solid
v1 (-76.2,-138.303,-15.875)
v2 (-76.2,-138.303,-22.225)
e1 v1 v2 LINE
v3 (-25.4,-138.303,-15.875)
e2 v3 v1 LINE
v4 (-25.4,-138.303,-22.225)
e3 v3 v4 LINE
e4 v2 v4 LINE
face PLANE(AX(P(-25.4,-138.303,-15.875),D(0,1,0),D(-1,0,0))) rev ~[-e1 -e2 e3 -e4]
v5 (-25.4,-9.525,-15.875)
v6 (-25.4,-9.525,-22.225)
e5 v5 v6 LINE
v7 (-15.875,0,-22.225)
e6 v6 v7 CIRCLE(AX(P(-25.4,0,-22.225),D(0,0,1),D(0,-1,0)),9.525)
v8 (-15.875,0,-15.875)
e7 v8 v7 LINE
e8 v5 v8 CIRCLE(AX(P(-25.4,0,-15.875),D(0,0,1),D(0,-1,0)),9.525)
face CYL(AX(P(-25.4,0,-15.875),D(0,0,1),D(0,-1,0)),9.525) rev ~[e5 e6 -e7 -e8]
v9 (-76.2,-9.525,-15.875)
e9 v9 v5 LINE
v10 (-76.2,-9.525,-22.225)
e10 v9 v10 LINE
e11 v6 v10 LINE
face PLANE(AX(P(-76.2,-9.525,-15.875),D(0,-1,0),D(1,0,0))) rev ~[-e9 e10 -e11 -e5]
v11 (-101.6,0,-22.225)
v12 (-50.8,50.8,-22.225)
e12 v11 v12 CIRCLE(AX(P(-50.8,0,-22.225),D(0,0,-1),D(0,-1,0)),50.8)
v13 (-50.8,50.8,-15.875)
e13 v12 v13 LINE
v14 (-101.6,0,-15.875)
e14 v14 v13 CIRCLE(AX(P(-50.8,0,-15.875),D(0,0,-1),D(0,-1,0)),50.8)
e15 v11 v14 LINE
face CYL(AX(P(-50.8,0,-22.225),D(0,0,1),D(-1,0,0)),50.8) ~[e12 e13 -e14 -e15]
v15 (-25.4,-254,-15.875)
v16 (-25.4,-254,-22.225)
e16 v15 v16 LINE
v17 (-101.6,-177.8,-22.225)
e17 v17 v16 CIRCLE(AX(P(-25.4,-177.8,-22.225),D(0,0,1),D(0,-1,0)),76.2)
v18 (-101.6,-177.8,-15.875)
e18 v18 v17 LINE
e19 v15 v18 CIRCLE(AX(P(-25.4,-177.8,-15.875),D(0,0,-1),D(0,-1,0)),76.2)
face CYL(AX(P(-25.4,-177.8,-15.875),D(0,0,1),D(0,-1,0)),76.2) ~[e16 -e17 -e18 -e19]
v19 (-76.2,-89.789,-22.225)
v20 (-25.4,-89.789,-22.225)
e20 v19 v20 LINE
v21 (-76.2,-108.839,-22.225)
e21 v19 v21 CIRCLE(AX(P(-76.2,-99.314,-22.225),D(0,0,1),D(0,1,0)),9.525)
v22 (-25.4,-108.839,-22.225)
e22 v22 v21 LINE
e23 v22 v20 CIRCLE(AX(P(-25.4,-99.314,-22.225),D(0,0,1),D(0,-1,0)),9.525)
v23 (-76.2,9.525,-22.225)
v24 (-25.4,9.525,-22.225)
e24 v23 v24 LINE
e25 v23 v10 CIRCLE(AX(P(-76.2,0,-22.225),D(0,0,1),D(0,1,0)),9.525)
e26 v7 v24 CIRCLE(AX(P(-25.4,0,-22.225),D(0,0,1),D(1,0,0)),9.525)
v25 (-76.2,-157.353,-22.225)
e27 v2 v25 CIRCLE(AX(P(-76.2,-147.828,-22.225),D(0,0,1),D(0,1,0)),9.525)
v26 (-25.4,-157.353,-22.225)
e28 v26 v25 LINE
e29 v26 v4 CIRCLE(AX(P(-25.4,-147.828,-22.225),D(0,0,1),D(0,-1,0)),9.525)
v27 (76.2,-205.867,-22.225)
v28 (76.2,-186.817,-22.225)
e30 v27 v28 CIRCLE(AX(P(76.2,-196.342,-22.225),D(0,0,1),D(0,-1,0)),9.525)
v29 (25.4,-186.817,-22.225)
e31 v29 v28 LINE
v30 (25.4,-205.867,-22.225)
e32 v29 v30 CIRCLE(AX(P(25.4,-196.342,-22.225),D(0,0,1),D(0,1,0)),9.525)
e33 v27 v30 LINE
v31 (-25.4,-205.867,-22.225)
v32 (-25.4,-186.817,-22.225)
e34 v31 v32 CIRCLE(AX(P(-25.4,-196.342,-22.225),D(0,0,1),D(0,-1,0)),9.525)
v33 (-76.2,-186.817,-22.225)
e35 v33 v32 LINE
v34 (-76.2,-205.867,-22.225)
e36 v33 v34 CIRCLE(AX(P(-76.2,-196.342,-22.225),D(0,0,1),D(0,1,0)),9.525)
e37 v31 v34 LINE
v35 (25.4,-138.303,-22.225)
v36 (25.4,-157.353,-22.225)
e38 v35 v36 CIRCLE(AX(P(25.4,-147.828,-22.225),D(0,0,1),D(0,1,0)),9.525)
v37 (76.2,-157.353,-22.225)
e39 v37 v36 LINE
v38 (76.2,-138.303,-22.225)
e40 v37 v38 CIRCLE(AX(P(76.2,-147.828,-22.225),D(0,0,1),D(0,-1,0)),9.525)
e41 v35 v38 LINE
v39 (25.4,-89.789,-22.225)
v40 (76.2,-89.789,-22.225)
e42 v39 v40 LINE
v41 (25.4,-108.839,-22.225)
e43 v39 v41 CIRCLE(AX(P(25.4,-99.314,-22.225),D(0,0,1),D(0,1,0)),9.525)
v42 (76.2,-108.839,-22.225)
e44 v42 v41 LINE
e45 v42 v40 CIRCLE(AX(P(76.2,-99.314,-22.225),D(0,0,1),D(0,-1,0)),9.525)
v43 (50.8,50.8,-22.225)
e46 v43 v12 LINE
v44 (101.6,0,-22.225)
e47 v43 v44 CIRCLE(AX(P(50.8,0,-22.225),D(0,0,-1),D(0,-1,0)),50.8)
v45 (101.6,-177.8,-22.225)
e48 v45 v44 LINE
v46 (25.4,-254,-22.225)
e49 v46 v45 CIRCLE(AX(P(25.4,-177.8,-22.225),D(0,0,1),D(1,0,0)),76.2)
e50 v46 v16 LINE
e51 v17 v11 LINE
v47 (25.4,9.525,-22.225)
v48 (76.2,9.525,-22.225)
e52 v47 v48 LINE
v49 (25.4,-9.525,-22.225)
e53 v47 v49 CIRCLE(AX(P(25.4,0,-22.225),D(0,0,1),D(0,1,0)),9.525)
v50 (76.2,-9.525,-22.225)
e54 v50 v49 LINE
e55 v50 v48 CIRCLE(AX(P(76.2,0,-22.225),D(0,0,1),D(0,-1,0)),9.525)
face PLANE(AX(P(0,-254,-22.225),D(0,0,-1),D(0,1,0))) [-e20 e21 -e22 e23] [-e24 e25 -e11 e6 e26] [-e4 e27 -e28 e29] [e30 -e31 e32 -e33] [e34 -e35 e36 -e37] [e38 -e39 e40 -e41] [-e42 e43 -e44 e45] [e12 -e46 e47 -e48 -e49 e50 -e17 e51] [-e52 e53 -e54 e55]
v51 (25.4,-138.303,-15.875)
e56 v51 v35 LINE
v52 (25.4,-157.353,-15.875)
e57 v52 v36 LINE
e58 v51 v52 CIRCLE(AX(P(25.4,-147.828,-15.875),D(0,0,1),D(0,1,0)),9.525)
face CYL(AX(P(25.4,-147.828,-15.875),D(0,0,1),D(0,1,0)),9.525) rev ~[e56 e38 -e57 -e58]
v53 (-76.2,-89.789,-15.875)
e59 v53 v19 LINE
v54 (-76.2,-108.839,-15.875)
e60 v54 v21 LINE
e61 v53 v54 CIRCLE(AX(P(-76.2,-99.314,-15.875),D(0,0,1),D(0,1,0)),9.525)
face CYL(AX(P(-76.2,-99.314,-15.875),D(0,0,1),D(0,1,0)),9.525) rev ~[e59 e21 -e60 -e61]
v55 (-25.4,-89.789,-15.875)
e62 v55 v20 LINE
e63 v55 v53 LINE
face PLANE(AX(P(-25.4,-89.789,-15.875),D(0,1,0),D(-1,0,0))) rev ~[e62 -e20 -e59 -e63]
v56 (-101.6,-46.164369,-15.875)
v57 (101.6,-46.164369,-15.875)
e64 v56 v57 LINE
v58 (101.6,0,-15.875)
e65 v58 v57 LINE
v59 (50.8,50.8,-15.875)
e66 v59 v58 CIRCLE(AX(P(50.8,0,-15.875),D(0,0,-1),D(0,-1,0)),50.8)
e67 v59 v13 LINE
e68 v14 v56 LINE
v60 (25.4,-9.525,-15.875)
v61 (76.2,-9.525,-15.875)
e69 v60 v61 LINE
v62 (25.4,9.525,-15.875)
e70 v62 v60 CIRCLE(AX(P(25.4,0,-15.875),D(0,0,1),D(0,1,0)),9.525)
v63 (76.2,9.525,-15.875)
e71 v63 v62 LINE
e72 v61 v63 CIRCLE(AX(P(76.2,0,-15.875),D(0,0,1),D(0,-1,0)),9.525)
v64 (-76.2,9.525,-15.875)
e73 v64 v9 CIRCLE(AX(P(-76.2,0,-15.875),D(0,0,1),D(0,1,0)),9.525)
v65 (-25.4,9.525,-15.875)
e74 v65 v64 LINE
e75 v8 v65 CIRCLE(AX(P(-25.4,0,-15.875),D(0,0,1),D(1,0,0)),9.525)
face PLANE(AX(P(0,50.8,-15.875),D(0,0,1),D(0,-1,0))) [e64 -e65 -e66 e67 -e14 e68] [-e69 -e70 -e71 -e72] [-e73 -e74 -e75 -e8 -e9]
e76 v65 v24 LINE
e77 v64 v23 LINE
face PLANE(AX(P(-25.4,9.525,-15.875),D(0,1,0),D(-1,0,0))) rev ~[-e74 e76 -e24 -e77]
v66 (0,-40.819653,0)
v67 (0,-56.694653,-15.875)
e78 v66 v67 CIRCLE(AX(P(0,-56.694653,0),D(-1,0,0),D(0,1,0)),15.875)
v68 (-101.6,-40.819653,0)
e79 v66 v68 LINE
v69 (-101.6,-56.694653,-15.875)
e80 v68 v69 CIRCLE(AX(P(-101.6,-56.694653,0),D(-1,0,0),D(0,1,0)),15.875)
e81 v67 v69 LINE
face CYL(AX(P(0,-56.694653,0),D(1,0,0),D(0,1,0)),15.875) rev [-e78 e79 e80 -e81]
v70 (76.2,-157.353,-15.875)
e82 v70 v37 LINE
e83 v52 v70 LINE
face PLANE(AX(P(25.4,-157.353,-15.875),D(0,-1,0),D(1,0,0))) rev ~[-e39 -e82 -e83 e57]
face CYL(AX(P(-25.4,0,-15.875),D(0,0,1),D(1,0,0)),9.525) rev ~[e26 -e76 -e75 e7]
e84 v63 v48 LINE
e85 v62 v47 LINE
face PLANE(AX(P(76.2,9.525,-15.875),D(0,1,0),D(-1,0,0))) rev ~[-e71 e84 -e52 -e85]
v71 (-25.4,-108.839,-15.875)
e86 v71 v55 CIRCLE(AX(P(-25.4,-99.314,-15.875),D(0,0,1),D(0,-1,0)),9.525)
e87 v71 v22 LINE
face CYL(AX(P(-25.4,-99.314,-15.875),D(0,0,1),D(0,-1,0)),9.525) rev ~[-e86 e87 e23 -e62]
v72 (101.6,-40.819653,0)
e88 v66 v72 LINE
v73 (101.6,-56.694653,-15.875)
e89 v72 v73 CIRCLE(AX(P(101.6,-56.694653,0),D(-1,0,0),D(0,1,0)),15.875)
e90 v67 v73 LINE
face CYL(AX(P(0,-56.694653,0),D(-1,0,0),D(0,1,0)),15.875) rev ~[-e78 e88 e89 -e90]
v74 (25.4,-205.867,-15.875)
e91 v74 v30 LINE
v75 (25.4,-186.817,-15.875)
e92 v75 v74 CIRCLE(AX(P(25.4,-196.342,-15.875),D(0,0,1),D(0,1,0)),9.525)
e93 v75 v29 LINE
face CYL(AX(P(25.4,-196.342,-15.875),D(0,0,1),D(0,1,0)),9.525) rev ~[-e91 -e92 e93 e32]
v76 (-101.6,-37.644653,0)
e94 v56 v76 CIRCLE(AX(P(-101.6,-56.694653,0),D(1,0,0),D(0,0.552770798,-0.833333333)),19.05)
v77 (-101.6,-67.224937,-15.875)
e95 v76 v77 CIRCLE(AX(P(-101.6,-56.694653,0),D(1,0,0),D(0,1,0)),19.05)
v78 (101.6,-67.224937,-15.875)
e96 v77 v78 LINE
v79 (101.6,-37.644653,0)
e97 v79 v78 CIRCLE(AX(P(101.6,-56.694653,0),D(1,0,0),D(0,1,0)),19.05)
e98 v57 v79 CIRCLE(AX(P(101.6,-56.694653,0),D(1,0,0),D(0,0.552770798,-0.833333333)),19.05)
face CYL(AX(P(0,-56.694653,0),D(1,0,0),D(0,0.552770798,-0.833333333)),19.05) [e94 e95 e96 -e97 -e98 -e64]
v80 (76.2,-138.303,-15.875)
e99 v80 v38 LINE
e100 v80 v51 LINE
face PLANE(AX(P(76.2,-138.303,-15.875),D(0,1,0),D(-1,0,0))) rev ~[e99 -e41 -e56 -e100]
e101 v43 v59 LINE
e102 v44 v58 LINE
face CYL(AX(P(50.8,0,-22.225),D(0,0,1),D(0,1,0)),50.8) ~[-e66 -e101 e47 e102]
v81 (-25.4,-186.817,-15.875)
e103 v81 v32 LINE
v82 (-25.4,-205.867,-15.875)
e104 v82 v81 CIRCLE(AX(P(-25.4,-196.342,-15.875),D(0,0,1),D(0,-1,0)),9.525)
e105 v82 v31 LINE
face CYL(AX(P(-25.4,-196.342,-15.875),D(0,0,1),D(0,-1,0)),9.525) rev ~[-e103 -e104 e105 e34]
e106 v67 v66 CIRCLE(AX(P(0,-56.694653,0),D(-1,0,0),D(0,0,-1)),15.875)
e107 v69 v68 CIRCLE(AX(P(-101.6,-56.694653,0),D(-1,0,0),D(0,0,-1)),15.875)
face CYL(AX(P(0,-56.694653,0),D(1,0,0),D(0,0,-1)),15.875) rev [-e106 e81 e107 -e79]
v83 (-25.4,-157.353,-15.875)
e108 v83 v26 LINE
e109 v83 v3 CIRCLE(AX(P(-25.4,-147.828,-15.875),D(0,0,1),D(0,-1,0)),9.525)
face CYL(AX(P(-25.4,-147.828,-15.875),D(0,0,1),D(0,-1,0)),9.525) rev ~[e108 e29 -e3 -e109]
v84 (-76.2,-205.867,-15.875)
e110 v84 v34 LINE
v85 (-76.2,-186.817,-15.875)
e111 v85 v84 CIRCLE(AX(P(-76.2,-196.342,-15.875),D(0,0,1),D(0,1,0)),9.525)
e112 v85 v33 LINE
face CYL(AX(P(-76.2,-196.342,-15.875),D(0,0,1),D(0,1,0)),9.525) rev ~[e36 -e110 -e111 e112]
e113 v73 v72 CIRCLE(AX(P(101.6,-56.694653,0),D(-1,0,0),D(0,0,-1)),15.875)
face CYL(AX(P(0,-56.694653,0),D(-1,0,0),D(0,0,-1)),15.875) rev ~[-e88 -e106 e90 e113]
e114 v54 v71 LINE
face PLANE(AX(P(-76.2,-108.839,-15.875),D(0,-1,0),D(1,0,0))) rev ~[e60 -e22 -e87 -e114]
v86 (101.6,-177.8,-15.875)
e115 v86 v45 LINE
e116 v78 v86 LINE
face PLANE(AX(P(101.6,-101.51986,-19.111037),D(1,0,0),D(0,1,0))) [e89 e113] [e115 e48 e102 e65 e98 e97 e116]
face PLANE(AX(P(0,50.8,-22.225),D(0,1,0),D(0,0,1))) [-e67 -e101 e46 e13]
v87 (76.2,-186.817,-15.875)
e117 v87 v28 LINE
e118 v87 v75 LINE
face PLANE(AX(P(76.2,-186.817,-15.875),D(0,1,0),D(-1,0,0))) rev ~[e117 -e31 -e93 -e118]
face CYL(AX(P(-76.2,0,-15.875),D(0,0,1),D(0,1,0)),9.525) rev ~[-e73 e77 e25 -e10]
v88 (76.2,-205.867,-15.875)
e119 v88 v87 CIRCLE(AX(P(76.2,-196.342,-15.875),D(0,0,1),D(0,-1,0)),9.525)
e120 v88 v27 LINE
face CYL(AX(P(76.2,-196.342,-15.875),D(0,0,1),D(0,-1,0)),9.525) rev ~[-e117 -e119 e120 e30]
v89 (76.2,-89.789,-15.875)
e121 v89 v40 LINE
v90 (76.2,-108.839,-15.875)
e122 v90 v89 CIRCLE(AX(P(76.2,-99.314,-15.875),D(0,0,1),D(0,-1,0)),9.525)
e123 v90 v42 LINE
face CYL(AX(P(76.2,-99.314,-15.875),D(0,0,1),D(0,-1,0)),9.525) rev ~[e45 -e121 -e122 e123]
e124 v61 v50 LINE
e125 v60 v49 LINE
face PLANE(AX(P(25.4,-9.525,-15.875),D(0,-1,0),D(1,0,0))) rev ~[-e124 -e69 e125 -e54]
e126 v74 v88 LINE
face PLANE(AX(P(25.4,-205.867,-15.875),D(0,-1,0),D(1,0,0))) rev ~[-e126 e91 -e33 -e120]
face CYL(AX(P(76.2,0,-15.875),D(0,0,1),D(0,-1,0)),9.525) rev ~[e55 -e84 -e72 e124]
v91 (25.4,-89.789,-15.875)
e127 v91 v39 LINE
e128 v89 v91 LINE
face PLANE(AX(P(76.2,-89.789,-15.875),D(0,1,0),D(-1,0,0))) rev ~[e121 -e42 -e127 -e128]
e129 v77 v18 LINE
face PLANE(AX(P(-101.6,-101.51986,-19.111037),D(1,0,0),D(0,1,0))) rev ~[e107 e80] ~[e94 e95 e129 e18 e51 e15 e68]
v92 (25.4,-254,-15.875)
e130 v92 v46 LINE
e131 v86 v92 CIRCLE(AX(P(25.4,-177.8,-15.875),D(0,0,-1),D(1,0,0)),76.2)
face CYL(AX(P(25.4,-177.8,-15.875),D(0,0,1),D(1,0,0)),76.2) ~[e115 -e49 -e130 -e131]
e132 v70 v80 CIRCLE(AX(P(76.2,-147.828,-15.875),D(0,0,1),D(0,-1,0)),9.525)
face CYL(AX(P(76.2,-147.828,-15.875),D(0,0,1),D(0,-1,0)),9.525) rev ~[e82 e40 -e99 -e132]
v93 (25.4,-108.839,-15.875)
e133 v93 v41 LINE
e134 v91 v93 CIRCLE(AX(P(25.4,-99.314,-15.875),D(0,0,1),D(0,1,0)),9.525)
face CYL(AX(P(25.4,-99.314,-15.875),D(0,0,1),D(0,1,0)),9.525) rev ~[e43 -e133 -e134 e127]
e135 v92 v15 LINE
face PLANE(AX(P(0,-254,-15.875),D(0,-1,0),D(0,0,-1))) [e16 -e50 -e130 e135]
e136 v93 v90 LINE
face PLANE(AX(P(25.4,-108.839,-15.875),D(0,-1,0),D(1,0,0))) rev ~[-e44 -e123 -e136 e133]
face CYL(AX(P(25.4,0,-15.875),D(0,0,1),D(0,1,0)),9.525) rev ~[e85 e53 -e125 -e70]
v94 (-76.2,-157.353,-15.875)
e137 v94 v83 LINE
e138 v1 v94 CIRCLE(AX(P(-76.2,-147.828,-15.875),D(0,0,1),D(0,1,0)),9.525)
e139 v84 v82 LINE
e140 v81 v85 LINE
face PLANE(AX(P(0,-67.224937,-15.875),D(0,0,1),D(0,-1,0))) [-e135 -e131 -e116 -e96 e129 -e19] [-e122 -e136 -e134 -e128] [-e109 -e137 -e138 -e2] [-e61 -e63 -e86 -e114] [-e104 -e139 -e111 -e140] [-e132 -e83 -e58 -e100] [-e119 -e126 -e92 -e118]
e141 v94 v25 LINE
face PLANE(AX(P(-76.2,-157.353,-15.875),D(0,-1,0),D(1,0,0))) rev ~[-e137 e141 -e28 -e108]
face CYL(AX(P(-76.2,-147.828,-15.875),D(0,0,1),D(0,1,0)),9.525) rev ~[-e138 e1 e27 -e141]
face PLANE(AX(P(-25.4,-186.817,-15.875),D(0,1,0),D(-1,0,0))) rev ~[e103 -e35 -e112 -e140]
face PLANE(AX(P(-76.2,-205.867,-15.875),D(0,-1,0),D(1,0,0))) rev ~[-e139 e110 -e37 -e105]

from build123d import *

# Parameters (mm, degrees)
F1_DEPTH      = 101.6
F1_DEPTH_BACK = 101.6
F3_DEPTH      = 25.4
F5_DEPTH      = 25.4
F6_R          = 50.8


with BuildPart() as f1:
    # F0 (on Right) → F1 (new body, two sides)
    with BuildSketch(Plane.YZ) as f1_sk:
        with BuildLine():
            Line((50.8, -15.875), (0, -15.875))
            Line((0, -15.875), (-46.1643691758, -15.875))
            ThreePointArc((-46.1643691758, -15.875), (-56.6946528852, -19.05), (-67.2249365946, -15.875))
            Line((-67.2249365946, -15.875), (-254, -15.875))
            Line((-254, -15.875), (-254, -22.225))
            Line((-254, -22.225), (50.8, -22.225))
            Line((50.8, -22.225), (50.8, -15.875))
        make_face()
        with BuildLine():
            ThreePointArc((-67.2249365946, -15.875), (-56.6946528852, -19.05), (-46.1643691758, -15.875))
            Line((-46.1643691758, -15.875), (-56.6946528852, -15.875))
            Line((-56.6946528852, -15.875), (-67.2249365946, -15.875))
        make_face()
        with BuildLine():
            Line((-56.6946528852, -15.875), (-46.1643691758, -15.875))
            ThreePointArc((-46.1643691758, -15.875), (-39.9091769512, -9.0083460007), (-37.6446528852, 0))
            ThreePointArc((-37.6446528852, 0), (-65.7029988859, 16.785475934), (-67.2249365946, -15.875))
            Line((-67.2249365946, -15.875), (-56.6946528852, -15.875))
        make_face()
        with BuildLine():
            ThreePointArc((-40.8196528852, 0), (-45.4693327339, -11.2253201513), (-56.6946528852, -15.875))
            ThreePointArc((-56.6946528852, -15.875), (-67.9199730365, 11.2253201513), (-40.8196528852, 0))
        make_face(mode=Mode.SUBTRACT)
    extrude(amount=F1_DEPTH)
    extrude(f1_sk.sketch, amount=-F1_DEPTH_BACK)

    # F2 (on face) → F3 (cut)
    with BuildSketch(Plane.XY.offset(-15.875)):
        with BuildLine():
            Line((-101.6, -177.8), (-101.6, -254))
            Line((-101.6, -254), (-25.4, -254))
            ThreePointArc((-25.4, -254), (-79.2815367264, -231.6815367264), (-101.6, -177.8))
        make_face()
        with BuildLine():
            Line((101.6, -254), (101.6, -177.8))
            ThreePointArc((101.6, -177.8), (79.2815367264, -231.6815367264), (25.4, -254))
            Line((25.4, -254), (101.6, -254))
        make_face()
    extrude(amount=-F3_DEPTH, mode=Mode.SUBTRACT)

    # F4 (on face) → F5 (cut)
    with BuildSketch(Plane.XY.offset(-15.875)):
        with BuildLine():
            ThreePointArc((25.4, 9.525), (15.875, 0), (25.4, -9.525))
            Line((25.4, -9.525), (76.2, -9.525))
            ThreePointArc((76.2, -9.525), (85.725, 0), (76.2, 9.525))
            Line((76.2, 9.525), (25.4, 9.525))
        make_face()
        with BuildLine():
            Line((-76.2, -9.525), (-25.4, -9.525))
            ThreePointArc((-25.4, -9.525), (-18.6648079092, -6.7351920908), (-15.875, 0))
            ThreePointArc((-15.875, 0), (-18.6648079092, 6.7351920908), (-25.4, 9.525))
            Line((-25.4, 9.525), (-76.2, 9.525))
            ThreePointArc((-76.2, 9.525), (-85.725, 0), (-76.2, -9.525))
        make_face()
        with BuildLine():
            Line((-25.4, -89.789), (-76.2, -89.789))
            ThreePointArc((-76.2, -89.789), (-85.725, -99.314), (-76.2, -108.839))
            Line((-76.2, -108.839), (-25.4, -108.839))
            ThreePointArc((-25.4, -108.839), (-15.875, -99.314), (-25.4, -89.789))
        make_face()
        with BuildLine():
            Line((-25.4, -138.303), (-76.2, -138.303))
            ThreePointArc((-76.2, -138.303), (-85.725, -147.828), (-76.2, -157.353))
            Line((-76.2, -157.353), (-25.4, -157.353))
            ThreePointArc((-25.4, -157.353), (-15.875, -147.828), (-25.4, -138.303))
        make_face()
        with BuildLine():
            Line((-25.4, -186.817), (-76.2, -186.817))
            ThreePointArc((-76.2, -186.817), (-85.725, -196.342), (-76.2, -205.867))
            Line((-76.2, -205.867), (-25.4, -205.867))
            ThreePointArc((-25.4, -205.867), (-15.875, -196.342), (-25.4, -186.817))
        make_face()
        with BuildLine():
            ThreePointArc((25.4, -186.817), (15.875, -196.342), (25.4, -205.867))
            Line((25.4, -205.867), (76.2, -205.867))
            ThreePointArc((76.2, -205.867), (85.725, -196.342), (76.2, -186.817))
            Line((76.2, -186.817), (25.4, -186.817))
        make_face()
        with BuildLine():
            ThreePointArc((25.4, -138.303), (15.875, -147.828), (25.4, -157.353))
            Line((25.4, -157.353), (76.2, -157.353))
            ThreePointArc((76.2, -157.353), (85.725, -147.828), (76.2, -138.303))
            Line((76.2, -138.303), (25.4, -138.303))
        make_face()
        with BuildLine():
            ThreePointArc((76.2, -108.839), (85.725, -99.314), (76.2, -89.789))
            Line((76.2, -89.789), (25.4, -89.789))
            ThreePointArc((25.4, -89.789), (15.875, -99.314), (25.4, -108.839))
            Line((25.4, -108.839), (76.2, -108.839))
        make_face()
    extrude(amount=-F5_DEPTH, mode=Mode.SUBTRACT)

    # F6
    f6_edges = [f1.edges().sort_by_distance(p)[0] for p in [
        (101.6, 50.8, -19.05),
        (-101.6, 50.8, -19.05),
    ]]
    fillet(f6_edges, radius=F6_R)


solid = f1.part
